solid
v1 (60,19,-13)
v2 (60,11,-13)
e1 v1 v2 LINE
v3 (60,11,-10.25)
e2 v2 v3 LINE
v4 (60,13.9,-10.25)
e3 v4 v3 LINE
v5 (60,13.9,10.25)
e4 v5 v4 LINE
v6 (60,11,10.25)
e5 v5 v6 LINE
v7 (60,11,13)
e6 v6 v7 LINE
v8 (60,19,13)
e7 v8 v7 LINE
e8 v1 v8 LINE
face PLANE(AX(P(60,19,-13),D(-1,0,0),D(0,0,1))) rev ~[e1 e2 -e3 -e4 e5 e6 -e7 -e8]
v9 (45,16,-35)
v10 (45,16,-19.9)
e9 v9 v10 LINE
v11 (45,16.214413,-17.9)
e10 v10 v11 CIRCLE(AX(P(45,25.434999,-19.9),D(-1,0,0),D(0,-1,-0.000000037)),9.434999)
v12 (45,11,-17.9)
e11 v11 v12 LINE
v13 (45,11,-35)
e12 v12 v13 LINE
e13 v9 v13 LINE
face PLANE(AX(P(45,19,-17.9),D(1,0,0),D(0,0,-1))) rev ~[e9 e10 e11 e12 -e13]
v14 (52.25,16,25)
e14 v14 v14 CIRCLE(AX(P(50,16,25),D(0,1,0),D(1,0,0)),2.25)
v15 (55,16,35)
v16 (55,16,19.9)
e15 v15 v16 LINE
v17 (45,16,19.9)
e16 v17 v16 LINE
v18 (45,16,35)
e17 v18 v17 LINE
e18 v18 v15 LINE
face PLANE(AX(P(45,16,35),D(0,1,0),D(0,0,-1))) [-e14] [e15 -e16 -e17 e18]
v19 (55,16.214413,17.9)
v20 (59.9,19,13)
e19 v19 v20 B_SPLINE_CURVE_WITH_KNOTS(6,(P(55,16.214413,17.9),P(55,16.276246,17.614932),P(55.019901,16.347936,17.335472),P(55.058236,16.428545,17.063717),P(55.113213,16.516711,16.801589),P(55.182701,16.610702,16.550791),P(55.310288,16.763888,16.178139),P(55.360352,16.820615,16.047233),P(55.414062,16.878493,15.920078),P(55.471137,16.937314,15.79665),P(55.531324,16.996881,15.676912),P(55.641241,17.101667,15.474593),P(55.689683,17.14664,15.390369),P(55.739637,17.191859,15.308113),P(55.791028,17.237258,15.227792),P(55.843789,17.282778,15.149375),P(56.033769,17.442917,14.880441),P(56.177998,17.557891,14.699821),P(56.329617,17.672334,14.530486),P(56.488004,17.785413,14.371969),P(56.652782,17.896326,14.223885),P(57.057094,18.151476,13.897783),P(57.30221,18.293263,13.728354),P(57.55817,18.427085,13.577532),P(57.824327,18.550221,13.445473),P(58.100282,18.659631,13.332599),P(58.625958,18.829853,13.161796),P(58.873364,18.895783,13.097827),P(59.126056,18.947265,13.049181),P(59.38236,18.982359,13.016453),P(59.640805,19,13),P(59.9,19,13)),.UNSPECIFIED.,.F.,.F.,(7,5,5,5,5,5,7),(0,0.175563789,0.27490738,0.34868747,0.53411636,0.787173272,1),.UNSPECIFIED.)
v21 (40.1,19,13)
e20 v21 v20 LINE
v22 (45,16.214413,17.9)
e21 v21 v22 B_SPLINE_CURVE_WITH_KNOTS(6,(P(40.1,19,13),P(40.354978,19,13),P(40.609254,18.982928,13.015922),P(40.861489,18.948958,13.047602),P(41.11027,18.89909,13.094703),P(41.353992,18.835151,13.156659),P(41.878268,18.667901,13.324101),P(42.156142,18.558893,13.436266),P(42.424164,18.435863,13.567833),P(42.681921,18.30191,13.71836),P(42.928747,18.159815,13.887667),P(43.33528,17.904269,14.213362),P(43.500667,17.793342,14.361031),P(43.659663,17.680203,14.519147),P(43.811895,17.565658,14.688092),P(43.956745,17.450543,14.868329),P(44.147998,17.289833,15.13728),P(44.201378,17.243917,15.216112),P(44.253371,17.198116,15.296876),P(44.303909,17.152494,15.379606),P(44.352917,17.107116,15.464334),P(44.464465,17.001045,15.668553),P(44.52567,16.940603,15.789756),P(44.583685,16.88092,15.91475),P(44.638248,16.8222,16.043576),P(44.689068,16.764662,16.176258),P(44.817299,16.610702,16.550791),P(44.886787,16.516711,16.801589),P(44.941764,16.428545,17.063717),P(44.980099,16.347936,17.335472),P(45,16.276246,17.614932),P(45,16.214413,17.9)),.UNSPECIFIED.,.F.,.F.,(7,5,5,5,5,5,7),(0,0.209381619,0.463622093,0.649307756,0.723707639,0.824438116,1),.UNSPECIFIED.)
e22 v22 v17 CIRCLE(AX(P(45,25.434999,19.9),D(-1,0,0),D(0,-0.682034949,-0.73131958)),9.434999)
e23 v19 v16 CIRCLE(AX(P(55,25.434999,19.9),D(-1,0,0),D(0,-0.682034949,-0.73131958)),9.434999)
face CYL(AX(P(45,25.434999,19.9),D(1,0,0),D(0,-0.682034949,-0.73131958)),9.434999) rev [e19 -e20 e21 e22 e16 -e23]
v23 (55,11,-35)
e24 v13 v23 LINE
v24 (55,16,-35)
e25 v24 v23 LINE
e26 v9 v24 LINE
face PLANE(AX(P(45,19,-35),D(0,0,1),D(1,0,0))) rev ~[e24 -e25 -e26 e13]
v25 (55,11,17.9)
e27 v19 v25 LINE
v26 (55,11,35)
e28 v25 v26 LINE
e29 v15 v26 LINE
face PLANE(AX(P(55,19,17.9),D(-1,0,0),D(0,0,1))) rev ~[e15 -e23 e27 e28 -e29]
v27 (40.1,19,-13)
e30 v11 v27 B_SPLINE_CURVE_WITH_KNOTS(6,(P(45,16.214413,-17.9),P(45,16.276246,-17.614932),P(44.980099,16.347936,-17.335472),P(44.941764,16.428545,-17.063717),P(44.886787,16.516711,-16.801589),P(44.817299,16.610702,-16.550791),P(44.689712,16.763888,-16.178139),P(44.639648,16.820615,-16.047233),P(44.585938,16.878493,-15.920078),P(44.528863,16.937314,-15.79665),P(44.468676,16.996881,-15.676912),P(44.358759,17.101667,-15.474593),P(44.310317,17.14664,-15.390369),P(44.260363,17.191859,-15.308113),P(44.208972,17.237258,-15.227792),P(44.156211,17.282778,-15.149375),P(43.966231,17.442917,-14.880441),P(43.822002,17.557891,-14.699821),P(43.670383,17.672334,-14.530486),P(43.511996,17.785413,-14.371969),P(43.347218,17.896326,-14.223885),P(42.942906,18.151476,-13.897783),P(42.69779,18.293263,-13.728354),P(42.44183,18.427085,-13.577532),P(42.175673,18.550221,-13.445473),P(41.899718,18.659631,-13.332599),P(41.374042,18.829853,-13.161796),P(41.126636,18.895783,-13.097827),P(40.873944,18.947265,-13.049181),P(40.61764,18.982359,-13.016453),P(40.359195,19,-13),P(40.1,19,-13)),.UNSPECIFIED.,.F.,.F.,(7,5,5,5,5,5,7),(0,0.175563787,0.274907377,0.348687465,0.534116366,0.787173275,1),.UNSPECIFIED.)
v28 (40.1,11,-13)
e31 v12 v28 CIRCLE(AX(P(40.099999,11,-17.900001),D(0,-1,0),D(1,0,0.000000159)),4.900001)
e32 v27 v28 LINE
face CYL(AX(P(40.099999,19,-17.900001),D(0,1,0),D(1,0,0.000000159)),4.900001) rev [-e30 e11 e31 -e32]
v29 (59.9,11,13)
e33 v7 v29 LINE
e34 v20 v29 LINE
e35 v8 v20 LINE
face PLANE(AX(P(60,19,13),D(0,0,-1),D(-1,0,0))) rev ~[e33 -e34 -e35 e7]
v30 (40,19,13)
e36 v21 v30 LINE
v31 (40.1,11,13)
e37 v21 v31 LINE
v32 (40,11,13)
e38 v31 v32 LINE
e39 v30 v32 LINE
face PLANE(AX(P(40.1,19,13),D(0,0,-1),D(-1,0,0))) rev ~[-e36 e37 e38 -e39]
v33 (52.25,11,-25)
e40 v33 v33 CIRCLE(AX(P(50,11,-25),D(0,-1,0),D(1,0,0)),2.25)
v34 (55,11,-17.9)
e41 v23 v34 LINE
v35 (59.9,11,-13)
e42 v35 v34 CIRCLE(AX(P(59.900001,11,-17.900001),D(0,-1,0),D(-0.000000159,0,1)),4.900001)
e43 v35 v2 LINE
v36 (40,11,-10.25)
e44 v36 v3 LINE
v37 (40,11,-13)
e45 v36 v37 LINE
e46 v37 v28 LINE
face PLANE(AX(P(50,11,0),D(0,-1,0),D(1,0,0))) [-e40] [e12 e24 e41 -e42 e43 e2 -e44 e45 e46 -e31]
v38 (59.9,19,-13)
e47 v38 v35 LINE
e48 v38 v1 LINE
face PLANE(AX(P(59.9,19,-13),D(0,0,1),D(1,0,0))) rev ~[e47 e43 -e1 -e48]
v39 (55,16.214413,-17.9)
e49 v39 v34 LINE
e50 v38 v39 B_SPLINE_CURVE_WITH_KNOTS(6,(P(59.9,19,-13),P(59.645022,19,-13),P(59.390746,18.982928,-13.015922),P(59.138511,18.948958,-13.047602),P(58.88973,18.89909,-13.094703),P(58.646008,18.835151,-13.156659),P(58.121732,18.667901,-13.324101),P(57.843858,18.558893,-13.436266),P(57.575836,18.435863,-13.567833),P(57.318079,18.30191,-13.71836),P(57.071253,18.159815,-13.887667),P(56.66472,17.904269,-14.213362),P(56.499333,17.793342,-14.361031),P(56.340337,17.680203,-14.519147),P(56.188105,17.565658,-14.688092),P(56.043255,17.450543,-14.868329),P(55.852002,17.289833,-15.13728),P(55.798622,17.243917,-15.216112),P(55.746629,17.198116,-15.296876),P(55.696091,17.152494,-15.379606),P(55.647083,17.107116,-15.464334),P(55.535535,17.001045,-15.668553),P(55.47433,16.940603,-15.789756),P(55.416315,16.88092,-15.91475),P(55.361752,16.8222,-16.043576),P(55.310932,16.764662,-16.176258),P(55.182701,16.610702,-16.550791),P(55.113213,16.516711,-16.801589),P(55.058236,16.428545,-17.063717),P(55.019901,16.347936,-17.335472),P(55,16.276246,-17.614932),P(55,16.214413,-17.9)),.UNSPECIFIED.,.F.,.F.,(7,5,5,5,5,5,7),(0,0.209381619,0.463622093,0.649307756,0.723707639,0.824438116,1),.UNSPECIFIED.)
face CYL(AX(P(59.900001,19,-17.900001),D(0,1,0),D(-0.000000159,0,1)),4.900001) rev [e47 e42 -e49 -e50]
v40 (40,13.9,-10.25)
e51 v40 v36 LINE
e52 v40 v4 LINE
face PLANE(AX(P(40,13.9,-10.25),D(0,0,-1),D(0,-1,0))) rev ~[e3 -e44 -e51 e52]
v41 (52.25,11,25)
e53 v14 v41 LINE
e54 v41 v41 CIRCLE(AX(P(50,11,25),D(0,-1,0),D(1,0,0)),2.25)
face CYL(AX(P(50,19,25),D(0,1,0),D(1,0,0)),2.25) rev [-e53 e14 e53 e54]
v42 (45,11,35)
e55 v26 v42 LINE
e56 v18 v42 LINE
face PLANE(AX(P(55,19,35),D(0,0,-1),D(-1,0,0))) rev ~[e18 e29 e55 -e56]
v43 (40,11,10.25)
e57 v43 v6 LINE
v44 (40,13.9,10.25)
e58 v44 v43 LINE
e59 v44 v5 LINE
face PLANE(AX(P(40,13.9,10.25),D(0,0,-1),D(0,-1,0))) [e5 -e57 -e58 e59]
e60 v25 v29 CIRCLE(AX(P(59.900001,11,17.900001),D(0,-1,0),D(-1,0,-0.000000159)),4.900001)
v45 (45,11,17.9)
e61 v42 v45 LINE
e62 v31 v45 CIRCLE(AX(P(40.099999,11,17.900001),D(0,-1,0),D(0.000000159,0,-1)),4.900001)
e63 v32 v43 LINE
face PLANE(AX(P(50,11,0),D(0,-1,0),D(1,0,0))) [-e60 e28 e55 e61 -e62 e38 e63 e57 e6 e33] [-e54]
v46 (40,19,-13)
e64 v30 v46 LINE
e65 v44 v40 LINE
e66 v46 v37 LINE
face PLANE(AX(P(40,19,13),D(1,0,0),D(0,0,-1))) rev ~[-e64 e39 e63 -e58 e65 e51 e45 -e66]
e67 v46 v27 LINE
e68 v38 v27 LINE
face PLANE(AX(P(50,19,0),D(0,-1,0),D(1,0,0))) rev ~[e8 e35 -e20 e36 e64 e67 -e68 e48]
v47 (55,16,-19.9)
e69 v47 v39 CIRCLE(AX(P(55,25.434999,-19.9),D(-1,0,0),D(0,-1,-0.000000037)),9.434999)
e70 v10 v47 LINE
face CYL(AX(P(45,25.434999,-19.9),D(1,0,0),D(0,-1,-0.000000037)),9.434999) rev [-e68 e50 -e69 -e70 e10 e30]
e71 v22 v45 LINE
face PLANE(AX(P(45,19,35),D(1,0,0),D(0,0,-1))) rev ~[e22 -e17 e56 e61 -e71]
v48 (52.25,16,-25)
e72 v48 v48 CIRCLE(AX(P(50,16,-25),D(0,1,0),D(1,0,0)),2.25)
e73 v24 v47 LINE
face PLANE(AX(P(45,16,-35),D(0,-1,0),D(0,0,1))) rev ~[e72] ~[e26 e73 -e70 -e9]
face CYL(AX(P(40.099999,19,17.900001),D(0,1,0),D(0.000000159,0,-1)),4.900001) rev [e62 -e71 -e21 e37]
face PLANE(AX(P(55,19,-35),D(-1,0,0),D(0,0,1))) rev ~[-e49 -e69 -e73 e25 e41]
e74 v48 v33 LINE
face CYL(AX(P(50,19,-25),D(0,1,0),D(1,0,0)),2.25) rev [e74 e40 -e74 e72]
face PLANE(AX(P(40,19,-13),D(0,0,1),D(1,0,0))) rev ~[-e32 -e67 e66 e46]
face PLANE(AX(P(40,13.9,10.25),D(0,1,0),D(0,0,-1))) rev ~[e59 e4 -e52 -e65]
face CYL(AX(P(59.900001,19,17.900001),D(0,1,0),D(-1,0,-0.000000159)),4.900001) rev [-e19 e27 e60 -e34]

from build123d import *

# Parameters (mm, degrees)
SKETCH009_R          = 2.25
PAD007_DEPTH         = 8
SKETCH010_W          = 20.5
SKETCH010_H          = 2.9
POCKET002_DEPTH      = 20
POCKET003_DEPTH      = 15.001
POCKET003_DEPTH_BACK = 5.001


with BuildPart() as part:
    # Sketch009 → Pad007 (new body)
    with BuildSketch(Plane.XZ):
        with BuildLine():
            Line((40, -13), (40.1, -13))
            ThreePointArc((45, -17.9), (43.564823, -14.435177), (40.1, -13))
            Line((45, -17.9), (45, -35))
            Line((45, -35), (55, -35))
            Line((55, -35), (55, -17.9))
            ThreePointArc((59.9, -13), (56.435177, -14.435177), (55, -17.9))
            Line((59.9, -13), (60, -13))
            Line((60, -13), (60, 13))
            Line((60, 13), (59.9, 13))
            ThreePointArc((55, 17.9), (56.435177, 14.435177), (59.9, 13))
            Line((55, 17.9), (55, 35))
            Line((55, 35), (45, 35))
            Line((45, 35), (45, 17.9))
            ThreePointArc((40.1, 13), (43.564823, 14.435177), (45, 17.9))
            Line((40.1, 13), (40, 13))
            Line((40, 13), (40, -13))
        make_face()
        with Locations((50, -25)):
            Circle(SKETCH009_R, mode=Mode.SUBTRACT)
        with Locations((50, 25)):
            Circle(SKETCH009_R, mode=Mode.SUBTRACT)
    extrude(amount=PAD007_DEPTH)

    # Sketch010 (on Face2 of Pad007) → Pocket002 (cut)
    with BuildSketch(Plane(origin=(40, 0, 0), x_dir=(0, 0, -1), z_dir=(-1, 0, 0))):
        with Locations((0, 6.55)):
            Rectangle(SKETCH010_W, SKETCH010_H)
    extrude(amount=-POCKET002_DEPTH, mode=Mode.SUBTRACT)

    # Sketch011 (on Face13 of Pocket002) → Pocket003 (cut, two sides)
    with BuildSketch(Plane(origin=(45, 0, 0), x_dir=(0, 0, -1), z_dir=(-1, 0, 0))) as pocket003_sk:
        with BuildLine():
            Line((-35, 3), (-19.9, 3))
            ThreePointArc((-13, 0), (-16.138019, 2.217556), (-19.9, 3))
            Line((-35, 0), (-13, 0))
            Line((-35, 3), (-35, 0))
        make_face()
        with BuildLine():
            Line((13, 0), (35, 0))
            Line((35, 0), (35, 3))
            Line((35, 3), (19.9, 3))
            ThreePointArc((19.9, 3), (16.138019, 2.217556), (13, 0))
        make_face()
    extrude(amount=-POCKET003_DEPTH, mode=Mode.SUBTRACT)
    extrude(pocket003_sk.sketch, amount=POCKET003_DEPTH_BACK, mode=Mode.SUBTRACT)


with BuildPart() as part_1:
    # Body005 placement: moved
    add(part.part.moved(Location((0, 19, 0))))


solid = part_1.part
